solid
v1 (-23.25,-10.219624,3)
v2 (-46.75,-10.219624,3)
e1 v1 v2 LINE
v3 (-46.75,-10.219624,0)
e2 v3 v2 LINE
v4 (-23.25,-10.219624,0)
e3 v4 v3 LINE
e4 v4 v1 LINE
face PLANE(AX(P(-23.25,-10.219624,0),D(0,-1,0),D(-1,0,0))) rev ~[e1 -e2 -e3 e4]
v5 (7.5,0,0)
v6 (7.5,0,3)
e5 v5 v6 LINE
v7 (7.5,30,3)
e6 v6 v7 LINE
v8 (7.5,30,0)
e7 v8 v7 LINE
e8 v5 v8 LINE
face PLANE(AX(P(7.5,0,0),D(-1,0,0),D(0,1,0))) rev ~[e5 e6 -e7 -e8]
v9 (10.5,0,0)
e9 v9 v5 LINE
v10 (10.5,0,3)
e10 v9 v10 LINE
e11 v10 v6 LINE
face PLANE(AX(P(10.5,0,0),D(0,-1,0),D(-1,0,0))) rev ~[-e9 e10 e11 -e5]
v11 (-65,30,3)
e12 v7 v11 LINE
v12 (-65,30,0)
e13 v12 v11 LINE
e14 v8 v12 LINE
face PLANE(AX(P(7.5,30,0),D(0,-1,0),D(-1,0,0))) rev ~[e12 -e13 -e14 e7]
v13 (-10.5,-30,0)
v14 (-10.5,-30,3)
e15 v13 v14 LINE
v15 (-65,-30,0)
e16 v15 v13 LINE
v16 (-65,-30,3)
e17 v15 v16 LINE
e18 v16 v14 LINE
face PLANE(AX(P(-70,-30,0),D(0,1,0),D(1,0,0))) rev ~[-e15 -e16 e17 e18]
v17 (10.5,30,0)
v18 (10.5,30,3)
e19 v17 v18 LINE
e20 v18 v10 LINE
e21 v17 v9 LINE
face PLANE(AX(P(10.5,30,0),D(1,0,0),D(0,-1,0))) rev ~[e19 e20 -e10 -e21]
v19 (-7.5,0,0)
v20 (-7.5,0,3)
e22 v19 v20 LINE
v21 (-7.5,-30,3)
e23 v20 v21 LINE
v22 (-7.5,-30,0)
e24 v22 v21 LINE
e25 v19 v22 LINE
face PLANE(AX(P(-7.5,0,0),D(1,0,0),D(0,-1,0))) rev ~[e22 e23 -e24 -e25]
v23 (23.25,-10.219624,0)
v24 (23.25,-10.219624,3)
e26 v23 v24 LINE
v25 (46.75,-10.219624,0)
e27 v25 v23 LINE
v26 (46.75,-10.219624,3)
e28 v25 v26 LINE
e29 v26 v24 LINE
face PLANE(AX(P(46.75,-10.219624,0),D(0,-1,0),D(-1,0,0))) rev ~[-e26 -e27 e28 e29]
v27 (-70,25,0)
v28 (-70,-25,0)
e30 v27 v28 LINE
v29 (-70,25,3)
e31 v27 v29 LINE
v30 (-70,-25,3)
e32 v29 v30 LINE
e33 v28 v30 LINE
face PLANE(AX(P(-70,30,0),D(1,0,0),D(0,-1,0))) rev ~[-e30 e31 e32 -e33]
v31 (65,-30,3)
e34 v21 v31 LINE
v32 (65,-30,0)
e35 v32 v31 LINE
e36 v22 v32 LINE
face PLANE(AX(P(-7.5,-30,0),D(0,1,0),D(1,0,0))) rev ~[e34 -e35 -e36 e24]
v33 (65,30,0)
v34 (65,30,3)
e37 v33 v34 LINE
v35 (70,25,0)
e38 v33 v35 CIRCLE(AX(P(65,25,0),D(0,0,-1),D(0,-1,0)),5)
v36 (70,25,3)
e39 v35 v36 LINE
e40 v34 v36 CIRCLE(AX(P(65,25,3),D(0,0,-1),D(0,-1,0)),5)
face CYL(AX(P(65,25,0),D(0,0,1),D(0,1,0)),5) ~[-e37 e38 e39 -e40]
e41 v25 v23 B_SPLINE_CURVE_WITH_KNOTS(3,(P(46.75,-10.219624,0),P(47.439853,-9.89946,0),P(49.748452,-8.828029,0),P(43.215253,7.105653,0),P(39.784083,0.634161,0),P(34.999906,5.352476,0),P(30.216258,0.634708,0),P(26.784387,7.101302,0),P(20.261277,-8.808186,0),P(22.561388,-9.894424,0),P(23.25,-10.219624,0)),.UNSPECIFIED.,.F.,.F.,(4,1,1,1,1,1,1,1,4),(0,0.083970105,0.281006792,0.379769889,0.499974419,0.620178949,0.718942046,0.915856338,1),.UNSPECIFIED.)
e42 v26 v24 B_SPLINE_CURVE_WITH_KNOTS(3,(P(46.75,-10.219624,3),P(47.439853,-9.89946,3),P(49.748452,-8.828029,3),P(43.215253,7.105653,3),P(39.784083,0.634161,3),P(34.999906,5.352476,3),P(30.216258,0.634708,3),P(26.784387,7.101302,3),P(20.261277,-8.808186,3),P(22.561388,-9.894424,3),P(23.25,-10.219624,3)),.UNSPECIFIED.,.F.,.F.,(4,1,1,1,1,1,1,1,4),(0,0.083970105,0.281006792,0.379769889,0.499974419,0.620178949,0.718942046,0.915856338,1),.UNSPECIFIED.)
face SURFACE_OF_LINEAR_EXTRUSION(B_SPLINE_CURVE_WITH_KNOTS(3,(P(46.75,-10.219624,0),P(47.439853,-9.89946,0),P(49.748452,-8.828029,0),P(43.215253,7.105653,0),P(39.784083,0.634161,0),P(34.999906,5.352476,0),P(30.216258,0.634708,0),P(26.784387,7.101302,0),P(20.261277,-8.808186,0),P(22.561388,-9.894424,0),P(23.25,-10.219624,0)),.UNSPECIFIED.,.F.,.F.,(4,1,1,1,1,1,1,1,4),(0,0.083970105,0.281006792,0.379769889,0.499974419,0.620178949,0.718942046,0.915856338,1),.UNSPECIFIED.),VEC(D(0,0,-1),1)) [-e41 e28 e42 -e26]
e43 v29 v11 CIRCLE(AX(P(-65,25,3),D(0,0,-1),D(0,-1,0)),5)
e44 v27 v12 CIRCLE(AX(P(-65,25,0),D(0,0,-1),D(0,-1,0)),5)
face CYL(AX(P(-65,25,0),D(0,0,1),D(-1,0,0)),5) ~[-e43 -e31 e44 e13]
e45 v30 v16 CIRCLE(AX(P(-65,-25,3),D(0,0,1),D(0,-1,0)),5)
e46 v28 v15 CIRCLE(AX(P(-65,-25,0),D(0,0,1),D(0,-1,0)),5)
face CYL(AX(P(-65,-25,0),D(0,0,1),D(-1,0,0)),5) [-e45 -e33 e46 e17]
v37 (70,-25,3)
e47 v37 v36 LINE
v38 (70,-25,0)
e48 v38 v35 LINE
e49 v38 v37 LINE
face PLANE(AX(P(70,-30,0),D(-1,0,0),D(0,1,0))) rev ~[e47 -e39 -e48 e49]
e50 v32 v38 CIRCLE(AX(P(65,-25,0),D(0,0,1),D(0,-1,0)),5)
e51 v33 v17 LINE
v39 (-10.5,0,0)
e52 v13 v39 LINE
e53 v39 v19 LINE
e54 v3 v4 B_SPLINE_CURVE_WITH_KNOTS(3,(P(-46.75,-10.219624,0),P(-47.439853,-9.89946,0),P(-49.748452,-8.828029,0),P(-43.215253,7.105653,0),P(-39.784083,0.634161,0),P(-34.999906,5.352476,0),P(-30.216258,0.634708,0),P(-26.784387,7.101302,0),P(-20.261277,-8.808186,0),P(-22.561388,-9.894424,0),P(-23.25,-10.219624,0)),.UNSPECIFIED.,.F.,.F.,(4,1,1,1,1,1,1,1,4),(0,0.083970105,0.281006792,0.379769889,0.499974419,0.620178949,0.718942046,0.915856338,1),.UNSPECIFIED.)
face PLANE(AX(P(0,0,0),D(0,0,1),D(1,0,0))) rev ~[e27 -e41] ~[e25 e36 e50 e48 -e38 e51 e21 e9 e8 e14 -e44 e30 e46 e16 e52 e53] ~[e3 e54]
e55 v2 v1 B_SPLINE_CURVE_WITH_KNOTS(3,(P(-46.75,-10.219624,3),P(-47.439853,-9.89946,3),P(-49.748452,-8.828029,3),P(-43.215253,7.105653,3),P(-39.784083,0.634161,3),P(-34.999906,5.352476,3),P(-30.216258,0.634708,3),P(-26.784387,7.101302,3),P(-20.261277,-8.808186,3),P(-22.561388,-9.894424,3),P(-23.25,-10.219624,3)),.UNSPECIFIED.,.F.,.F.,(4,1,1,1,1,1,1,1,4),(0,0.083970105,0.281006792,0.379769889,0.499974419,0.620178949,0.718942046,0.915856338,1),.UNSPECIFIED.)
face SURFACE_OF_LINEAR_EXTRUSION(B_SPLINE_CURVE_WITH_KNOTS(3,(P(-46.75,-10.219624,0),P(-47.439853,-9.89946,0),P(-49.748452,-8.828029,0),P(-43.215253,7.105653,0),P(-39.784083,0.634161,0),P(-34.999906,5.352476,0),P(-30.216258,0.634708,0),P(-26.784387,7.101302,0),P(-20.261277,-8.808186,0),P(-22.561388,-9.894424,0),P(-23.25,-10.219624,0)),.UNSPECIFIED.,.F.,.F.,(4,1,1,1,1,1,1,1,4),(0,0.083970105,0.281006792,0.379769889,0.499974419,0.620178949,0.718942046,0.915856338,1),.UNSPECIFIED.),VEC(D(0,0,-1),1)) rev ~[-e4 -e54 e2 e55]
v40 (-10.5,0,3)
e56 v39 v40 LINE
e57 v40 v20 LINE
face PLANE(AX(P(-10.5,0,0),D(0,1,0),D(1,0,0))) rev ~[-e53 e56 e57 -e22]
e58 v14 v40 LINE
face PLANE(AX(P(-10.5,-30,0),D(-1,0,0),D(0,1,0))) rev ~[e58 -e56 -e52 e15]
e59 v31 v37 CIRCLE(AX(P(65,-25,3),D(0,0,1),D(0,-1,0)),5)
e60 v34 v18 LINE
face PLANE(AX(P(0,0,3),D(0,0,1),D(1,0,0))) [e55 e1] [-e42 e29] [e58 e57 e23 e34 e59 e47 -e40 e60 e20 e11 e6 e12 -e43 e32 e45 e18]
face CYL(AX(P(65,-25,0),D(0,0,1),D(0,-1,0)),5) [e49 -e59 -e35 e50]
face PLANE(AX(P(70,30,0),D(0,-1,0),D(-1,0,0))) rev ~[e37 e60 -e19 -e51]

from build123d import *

# Parameters (mm, degrees)
F1_DEPTH = 3
F2_R     = 5


with BuildPart() as f1:
    # F0 (on Top) → F1 (new body)
    with BuildSketch(Plane.XY):
        Polygon((-70, 30), (-70, -30), (-10.5, -30), (-10.5, 0), (-7.5, 0), (-7.5, -30), (70, -30), (70, 30), (10.5, 30), (10.5, 25), (10.5, 0), (7.5, 0), (7.5, 25), (7.5, 30), align=None)
        with BuildLine():
            Line((-23.25, -10.2196243256), (-35, -10.2196243256))
            Line((-35, -10.2196243256), (-46.75, -10.2196243256))
            add(Edge.make_bspline(
                [(-46.75, -10.2196243256), (-47.4398527053, -9.8994604487), (-49.7484516496, -8.8280288482), (-43.2152526161, 7.1056527722), (-39.7840829623, 0.6341609676), (-34.9999064665, 5.3524764777), (-30.2162578038, 0.6347077179), (-26.7843869073, 7.1013022273), (-20.2612774021, -8.808186377), (-22.5613884149, -9.8944243476), (-23.25, -10.2196243256)],
                knots=[0, 0, 0, 0, 0.0839701048, 0.2810067916, 0.3797698891, 0.4999744188, 0.6201789486, 0.7189420461, 0.9158563382, 1, 1, 1, 1], degree=3))
        make_face(mode=Mode.SUBTRACT)
        with BuildLine():
            add(Edge.make_bspline(
                [(46.75, -10.2196243256), (47.4398527053, -9.8994604487), (49.7484516496, -8.8280288482), (43.2152526161, 7.1056527722), (39.7840829623, 0.6341609676), (34.9999064665, 5.3524764777), (30.2162578038, 0.6347077179), (26.7843869073, 7.1013022273), (20.2612774021, -8.808186377), (22.5613884149, -9.8944243476), (23.25, -10.2196243256)],
                knots=[0, 0, 0, 0, 0.0839701048, 0.2810067916, 0.3797698891, 0.4999744188, 0.6201789486, 0.7189420461, 0.9158563382, 1, 1, 1, 1], degree=3))
            Line((46.75, -10.2196243256), (35, -10.2196243256))
            Line((35, -10.2196243256), (23.25, -10.2196243256))
        make_face(mode=Mode.SUBTRACT)
    extrude(amount=F1_DEPTH)

    # F2
    f2_edges = [f1.edges().sort_by_distance(p)[0] for p in [
        (70, -30, 1.5),
        (70, 30, 1.5),
        (-70, 30, 1.5),
        (-70, -30, 1.5),
    ]]
    fillet(f2_edges, radius=F2_R)


solid = f1.part
